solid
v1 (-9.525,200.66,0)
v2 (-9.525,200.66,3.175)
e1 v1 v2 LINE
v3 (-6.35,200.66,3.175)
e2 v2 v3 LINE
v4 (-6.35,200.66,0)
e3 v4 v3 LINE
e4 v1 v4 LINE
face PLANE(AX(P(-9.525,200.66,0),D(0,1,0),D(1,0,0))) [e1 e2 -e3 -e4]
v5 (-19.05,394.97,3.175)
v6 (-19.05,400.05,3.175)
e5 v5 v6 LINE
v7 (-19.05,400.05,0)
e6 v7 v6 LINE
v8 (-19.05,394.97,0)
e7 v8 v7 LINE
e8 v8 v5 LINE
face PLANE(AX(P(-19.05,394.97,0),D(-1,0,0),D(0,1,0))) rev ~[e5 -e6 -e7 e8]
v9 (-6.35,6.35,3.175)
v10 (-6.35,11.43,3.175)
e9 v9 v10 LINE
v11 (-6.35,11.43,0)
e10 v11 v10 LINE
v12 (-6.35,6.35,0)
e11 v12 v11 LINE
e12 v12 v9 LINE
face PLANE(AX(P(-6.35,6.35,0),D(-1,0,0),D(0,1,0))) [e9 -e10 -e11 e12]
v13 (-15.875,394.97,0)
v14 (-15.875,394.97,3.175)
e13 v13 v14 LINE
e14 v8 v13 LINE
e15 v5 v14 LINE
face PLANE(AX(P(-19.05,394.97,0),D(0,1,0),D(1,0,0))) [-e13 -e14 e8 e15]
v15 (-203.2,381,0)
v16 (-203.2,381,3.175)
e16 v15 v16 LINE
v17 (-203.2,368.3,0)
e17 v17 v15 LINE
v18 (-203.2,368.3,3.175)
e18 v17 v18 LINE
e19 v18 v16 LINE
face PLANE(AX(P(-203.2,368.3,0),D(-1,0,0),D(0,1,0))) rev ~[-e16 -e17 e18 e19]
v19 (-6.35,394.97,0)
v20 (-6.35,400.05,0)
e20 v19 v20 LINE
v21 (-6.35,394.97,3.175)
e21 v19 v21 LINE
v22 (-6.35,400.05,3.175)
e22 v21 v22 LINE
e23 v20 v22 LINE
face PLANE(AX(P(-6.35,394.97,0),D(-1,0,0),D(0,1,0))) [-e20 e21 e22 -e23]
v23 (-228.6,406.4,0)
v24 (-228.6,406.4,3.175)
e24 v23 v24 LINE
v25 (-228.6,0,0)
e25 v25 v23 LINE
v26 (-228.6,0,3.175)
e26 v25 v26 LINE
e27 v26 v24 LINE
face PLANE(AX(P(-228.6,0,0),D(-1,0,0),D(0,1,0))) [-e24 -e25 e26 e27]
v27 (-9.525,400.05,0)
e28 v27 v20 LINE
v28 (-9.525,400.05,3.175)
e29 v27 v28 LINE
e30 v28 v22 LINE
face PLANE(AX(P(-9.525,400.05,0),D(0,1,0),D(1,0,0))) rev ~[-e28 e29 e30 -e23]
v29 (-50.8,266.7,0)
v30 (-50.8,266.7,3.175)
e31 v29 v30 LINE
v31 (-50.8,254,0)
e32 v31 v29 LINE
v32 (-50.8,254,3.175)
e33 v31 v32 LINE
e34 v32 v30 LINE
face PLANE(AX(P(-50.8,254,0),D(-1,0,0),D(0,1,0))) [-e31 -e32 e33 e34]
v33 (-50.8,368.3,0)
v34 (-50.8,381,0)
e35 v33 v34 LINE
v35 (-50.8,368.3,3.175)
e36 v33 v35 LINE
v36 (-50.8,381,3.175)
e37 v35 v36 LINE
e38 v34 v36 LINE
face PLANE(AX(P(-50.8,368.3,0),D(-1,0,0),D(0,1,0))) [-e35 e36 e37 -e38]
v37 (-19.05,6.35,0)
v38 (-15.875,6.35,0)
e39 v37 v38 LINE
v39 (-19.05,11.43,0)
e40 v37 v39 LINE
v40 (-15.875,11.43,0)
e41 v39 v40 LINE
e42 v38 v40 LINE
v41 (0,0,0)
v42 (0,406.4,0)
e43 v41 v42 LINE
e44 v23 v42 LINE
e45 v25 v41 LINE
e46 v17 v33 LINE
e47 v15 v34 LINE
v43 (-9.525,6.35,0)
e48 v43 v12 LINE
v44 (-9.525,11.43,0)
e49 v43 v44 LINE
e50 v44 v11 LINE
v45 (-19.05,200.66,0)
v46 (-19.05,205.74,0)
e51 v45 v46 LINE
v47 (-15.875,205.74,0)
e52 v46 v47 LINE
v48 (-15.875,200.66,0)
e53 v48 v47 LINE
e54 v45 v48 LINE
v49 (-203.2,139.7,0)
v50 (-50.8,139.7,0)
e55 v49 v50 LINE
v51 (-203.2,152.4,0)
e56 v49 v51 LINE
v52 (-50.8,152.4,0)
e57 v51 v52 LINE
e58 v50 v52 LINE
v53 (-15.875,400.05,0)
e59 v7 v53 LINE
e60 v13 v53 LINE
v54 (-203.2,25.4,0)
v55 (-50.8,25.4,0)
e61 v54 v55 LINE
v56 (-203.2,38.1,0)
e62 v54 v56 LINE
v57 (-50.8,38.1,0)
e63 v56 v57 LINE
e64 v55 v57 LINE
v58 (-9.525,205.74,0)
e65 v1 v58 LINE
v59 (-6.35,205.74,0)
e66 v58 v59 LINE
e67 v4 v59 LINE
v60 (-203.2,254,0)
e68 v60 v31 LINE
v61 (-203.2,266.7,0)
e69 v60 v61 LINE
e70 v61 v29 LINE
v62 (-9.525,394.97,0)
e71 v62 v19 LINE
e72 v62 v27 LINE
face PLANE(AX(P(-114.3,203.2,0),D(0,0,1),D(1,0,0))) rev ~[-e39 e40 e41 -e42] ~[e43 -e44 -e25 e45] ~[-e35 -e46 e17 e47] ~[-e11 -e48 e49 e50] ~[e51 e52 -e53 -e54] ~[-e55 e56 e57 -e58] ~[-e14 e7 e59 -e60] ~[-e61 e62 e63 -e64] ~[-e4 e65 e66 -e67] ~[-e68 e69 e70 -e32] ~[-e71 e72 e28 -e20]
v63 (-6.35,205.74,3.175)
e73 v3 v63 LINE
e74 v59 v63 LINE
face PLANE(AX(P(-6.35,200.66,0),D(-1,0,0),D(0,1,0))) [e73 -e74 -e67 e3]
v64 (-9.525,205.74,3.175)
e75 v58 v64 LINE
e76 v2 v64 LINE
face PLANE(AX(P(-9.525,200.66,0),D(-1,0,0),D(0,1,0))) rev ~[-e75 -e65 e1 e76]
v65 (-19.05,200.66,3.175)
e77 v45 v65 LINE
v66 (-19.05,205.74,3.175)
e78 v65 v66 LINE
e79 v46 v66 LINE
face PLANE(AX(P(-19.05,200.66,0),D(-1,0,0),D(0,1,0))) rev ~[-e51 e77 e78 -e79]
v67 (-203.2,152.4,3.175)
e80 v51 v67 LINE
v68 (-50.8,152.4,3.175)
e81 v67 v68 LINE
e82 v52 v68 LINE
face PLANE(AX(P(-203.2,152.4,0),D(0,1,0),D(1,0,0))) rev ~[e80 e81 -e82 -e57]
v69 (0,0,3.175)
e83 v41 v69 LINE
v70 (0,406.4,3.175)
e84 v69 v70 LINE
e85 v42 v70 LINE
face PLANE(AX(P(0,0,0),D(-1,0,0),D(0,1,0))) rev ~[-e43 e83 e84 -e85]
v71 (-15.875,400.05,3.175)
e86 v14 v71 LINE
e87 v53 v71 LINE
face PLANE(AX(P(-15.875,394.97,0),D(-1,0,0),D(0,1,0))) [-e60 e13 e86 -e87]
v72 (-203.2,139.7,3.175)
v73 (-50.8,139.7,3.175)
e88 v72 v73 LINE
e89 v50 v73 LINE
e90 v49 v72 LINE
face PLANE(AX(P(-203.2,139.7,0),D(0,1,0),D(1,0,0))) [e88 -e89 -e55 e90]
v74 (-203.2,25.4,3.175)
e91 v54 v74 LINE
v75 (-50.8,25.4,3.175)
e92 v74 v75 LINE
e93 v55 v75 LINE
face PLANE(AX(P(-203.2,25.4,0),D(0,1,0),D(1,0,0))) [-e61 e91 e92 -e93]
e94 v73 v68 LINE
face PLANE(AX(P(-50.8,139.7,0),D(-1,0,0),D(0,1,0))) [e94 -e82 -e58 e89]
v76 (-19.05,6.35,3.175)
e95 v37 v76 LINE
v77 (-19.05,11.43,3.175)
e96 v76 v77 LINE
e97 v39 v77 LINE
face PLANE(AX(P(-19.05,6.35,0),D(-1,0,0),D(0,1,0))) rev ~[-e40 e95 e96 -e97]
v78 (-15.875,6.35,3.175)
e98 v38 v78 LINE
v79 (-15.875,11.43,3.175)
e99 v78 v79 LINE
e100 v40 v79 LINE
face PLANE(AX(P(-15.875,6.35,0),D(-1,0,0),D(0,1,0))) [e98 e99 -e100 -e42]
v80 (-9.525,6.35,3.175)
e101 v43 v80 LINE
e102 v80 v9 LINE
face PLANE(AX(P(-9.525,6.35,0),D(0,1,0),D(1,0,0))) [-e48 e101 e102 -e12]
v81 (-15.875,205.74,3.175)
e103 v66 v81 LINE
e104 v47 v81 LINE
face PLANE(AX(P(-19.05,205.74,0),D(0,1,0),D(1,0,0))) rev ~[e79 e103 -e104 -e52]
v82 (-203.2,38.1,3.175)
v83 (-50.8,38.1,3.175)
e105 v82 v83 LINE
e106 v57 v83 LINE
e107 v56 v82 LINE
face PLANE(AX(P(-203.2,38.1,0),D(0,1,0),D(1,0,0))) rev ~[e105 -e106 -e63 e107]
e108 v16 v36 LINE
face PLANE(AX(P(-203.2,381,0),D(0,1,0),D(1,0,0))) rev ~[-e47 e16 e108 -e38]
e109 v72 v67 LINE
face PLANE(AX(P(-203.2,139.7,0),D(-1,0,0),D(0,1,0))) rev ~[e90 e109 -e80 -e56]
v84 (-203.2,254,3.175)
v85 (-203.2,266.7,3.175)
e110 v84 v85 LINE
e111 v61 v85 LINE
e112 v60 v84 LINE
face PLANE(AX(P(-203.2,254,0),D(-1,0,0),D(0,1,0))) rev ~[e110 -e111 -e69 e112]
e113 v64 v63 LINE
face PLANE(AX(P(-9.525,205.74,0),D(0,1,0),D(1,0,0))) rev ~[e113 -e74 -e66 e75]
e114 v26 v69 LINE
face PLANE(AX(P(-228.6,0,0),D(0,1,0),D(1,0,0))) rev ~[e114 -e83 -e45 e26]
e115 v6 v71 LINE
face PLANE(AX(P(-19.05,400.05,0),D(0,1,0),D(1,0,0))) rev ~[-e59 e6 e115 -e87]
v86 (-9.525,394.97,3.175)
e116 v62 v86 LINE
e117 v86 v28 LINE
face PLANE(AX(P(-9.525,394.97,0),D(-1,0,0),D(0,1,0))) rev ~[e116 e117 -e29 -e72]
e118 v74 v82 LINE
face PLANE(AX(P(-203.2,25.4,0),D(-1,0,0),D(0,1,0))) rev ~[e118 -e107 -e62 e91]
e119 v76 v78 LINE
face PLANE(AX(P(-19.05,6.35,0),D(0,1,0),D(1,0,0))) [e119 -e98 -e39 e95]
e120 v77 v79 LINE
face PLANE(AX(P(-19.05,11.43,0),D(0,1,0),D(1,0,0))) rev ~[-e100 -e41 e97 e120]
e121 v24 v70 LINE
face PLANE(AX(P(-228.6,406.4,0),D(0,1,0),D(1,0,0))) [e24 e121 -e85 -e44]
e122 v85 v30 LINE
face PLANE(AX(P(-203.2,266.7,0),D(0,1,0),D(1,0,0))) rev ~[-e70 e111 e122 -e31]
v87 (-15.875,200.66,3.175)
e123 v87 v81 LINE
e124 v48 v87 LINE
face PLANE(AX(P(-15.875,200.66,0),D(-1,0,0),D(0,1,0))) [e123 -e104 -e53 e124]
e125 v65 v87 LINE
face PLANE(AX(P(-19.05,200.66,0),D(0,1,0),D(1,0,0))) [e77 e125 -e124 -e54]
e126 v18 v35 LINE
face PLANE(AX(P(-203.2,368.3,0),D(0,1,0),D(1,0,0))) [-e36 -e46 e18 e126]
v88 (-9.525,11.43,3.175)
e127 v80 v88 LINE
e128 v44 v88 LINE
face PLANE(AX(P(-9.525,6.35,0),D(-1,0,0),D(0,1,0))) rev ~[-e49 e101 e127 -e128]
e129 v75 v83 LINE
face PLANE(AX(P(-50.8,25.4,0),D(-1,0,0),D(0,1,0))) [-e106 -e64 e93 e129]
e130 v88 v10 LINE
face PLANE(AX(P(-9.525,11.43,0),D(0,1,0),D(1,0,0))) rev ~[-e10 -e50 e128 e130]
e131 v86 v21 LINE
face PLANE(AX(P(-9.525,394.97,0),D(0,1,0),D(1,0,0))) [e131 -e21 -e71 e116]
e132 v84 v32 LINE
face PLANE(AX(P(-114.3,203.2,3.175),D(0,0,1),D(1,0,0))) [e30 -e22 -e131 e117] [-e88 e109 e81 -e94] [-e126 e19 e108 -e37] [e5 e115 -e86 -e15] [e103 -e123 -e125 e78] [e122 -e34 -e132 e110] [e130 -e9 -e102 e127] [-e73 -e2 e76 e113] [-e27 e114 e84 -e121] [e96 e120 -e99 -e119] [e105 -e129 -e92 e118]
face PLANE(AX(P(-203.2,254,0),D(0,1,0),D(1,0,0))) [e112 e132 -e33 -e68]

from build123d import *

# Parameters (mm, degrees)
F0_W     = 228.6
F0_H     = 406.4
F0_W_2   = 152.4
F0_H_2   = 12.7
F0_W_3   = 3.175
F0_H_3   = 5.08
F1_DEPTH = 3.175


with BuildPart() as f1:
    # F0 (on Top) → F1 (new body)
    with BuildSketch(Plane.XY):
        with Locations((-114.3, 203.2)):
            Rectangle(F0_W, F0_H)
        with Locations((-127, 31.75)):
            Rectangle(F0_W_2, F0_H_2, mode=Mode.SUBTRACT)
        with Locations((-127, 146.05)):
            Rectangle(F0_W_2, F0_H_2, mode=Mode.SUBTRACT)
        with Locations((-17.4625, 8.89)):
            Rectangle(F0_W_3, F0_H_3, mode=Mode.SUBTRACT)
        with Locations((-7.9375, 8.89)):
            Rectangle(F0_W_3, F0_H_3, mode=Mode.SUBTRACT)
        with Locations((-17.4625, 203.2)):
            Rectangle(F0_W_3, F0_H_3, mode=Mode.SUBTRACT)
        with Locations((-7.9375, 203.2)):
            Rectangle(F0_W_3, F0_H_3, mode=Mode.SUBTRACT)
        with Locations((-127, 260.35)):
            Rectangle(F0_W_2, F0_H_2, mode=Mode.SUBTRACT)
        with Locations((-127, 374.65)):
            Rectangle(F0_W_2, F0_H_2, mode=Mode.SUBTRACT)
        with Locations((-17.4625, 397.51)):
            Rectangle(F0_W_3, F0_H_3, mode=Mode.SUBTRACT)
        with Locations((-7.9375, 397.51)):
            Rectangle(F0_W_3, F0_H_3, mode=Mode.SUBTRACT)
    extrude(amount=F1_DEPTH)


solid = f1.part
